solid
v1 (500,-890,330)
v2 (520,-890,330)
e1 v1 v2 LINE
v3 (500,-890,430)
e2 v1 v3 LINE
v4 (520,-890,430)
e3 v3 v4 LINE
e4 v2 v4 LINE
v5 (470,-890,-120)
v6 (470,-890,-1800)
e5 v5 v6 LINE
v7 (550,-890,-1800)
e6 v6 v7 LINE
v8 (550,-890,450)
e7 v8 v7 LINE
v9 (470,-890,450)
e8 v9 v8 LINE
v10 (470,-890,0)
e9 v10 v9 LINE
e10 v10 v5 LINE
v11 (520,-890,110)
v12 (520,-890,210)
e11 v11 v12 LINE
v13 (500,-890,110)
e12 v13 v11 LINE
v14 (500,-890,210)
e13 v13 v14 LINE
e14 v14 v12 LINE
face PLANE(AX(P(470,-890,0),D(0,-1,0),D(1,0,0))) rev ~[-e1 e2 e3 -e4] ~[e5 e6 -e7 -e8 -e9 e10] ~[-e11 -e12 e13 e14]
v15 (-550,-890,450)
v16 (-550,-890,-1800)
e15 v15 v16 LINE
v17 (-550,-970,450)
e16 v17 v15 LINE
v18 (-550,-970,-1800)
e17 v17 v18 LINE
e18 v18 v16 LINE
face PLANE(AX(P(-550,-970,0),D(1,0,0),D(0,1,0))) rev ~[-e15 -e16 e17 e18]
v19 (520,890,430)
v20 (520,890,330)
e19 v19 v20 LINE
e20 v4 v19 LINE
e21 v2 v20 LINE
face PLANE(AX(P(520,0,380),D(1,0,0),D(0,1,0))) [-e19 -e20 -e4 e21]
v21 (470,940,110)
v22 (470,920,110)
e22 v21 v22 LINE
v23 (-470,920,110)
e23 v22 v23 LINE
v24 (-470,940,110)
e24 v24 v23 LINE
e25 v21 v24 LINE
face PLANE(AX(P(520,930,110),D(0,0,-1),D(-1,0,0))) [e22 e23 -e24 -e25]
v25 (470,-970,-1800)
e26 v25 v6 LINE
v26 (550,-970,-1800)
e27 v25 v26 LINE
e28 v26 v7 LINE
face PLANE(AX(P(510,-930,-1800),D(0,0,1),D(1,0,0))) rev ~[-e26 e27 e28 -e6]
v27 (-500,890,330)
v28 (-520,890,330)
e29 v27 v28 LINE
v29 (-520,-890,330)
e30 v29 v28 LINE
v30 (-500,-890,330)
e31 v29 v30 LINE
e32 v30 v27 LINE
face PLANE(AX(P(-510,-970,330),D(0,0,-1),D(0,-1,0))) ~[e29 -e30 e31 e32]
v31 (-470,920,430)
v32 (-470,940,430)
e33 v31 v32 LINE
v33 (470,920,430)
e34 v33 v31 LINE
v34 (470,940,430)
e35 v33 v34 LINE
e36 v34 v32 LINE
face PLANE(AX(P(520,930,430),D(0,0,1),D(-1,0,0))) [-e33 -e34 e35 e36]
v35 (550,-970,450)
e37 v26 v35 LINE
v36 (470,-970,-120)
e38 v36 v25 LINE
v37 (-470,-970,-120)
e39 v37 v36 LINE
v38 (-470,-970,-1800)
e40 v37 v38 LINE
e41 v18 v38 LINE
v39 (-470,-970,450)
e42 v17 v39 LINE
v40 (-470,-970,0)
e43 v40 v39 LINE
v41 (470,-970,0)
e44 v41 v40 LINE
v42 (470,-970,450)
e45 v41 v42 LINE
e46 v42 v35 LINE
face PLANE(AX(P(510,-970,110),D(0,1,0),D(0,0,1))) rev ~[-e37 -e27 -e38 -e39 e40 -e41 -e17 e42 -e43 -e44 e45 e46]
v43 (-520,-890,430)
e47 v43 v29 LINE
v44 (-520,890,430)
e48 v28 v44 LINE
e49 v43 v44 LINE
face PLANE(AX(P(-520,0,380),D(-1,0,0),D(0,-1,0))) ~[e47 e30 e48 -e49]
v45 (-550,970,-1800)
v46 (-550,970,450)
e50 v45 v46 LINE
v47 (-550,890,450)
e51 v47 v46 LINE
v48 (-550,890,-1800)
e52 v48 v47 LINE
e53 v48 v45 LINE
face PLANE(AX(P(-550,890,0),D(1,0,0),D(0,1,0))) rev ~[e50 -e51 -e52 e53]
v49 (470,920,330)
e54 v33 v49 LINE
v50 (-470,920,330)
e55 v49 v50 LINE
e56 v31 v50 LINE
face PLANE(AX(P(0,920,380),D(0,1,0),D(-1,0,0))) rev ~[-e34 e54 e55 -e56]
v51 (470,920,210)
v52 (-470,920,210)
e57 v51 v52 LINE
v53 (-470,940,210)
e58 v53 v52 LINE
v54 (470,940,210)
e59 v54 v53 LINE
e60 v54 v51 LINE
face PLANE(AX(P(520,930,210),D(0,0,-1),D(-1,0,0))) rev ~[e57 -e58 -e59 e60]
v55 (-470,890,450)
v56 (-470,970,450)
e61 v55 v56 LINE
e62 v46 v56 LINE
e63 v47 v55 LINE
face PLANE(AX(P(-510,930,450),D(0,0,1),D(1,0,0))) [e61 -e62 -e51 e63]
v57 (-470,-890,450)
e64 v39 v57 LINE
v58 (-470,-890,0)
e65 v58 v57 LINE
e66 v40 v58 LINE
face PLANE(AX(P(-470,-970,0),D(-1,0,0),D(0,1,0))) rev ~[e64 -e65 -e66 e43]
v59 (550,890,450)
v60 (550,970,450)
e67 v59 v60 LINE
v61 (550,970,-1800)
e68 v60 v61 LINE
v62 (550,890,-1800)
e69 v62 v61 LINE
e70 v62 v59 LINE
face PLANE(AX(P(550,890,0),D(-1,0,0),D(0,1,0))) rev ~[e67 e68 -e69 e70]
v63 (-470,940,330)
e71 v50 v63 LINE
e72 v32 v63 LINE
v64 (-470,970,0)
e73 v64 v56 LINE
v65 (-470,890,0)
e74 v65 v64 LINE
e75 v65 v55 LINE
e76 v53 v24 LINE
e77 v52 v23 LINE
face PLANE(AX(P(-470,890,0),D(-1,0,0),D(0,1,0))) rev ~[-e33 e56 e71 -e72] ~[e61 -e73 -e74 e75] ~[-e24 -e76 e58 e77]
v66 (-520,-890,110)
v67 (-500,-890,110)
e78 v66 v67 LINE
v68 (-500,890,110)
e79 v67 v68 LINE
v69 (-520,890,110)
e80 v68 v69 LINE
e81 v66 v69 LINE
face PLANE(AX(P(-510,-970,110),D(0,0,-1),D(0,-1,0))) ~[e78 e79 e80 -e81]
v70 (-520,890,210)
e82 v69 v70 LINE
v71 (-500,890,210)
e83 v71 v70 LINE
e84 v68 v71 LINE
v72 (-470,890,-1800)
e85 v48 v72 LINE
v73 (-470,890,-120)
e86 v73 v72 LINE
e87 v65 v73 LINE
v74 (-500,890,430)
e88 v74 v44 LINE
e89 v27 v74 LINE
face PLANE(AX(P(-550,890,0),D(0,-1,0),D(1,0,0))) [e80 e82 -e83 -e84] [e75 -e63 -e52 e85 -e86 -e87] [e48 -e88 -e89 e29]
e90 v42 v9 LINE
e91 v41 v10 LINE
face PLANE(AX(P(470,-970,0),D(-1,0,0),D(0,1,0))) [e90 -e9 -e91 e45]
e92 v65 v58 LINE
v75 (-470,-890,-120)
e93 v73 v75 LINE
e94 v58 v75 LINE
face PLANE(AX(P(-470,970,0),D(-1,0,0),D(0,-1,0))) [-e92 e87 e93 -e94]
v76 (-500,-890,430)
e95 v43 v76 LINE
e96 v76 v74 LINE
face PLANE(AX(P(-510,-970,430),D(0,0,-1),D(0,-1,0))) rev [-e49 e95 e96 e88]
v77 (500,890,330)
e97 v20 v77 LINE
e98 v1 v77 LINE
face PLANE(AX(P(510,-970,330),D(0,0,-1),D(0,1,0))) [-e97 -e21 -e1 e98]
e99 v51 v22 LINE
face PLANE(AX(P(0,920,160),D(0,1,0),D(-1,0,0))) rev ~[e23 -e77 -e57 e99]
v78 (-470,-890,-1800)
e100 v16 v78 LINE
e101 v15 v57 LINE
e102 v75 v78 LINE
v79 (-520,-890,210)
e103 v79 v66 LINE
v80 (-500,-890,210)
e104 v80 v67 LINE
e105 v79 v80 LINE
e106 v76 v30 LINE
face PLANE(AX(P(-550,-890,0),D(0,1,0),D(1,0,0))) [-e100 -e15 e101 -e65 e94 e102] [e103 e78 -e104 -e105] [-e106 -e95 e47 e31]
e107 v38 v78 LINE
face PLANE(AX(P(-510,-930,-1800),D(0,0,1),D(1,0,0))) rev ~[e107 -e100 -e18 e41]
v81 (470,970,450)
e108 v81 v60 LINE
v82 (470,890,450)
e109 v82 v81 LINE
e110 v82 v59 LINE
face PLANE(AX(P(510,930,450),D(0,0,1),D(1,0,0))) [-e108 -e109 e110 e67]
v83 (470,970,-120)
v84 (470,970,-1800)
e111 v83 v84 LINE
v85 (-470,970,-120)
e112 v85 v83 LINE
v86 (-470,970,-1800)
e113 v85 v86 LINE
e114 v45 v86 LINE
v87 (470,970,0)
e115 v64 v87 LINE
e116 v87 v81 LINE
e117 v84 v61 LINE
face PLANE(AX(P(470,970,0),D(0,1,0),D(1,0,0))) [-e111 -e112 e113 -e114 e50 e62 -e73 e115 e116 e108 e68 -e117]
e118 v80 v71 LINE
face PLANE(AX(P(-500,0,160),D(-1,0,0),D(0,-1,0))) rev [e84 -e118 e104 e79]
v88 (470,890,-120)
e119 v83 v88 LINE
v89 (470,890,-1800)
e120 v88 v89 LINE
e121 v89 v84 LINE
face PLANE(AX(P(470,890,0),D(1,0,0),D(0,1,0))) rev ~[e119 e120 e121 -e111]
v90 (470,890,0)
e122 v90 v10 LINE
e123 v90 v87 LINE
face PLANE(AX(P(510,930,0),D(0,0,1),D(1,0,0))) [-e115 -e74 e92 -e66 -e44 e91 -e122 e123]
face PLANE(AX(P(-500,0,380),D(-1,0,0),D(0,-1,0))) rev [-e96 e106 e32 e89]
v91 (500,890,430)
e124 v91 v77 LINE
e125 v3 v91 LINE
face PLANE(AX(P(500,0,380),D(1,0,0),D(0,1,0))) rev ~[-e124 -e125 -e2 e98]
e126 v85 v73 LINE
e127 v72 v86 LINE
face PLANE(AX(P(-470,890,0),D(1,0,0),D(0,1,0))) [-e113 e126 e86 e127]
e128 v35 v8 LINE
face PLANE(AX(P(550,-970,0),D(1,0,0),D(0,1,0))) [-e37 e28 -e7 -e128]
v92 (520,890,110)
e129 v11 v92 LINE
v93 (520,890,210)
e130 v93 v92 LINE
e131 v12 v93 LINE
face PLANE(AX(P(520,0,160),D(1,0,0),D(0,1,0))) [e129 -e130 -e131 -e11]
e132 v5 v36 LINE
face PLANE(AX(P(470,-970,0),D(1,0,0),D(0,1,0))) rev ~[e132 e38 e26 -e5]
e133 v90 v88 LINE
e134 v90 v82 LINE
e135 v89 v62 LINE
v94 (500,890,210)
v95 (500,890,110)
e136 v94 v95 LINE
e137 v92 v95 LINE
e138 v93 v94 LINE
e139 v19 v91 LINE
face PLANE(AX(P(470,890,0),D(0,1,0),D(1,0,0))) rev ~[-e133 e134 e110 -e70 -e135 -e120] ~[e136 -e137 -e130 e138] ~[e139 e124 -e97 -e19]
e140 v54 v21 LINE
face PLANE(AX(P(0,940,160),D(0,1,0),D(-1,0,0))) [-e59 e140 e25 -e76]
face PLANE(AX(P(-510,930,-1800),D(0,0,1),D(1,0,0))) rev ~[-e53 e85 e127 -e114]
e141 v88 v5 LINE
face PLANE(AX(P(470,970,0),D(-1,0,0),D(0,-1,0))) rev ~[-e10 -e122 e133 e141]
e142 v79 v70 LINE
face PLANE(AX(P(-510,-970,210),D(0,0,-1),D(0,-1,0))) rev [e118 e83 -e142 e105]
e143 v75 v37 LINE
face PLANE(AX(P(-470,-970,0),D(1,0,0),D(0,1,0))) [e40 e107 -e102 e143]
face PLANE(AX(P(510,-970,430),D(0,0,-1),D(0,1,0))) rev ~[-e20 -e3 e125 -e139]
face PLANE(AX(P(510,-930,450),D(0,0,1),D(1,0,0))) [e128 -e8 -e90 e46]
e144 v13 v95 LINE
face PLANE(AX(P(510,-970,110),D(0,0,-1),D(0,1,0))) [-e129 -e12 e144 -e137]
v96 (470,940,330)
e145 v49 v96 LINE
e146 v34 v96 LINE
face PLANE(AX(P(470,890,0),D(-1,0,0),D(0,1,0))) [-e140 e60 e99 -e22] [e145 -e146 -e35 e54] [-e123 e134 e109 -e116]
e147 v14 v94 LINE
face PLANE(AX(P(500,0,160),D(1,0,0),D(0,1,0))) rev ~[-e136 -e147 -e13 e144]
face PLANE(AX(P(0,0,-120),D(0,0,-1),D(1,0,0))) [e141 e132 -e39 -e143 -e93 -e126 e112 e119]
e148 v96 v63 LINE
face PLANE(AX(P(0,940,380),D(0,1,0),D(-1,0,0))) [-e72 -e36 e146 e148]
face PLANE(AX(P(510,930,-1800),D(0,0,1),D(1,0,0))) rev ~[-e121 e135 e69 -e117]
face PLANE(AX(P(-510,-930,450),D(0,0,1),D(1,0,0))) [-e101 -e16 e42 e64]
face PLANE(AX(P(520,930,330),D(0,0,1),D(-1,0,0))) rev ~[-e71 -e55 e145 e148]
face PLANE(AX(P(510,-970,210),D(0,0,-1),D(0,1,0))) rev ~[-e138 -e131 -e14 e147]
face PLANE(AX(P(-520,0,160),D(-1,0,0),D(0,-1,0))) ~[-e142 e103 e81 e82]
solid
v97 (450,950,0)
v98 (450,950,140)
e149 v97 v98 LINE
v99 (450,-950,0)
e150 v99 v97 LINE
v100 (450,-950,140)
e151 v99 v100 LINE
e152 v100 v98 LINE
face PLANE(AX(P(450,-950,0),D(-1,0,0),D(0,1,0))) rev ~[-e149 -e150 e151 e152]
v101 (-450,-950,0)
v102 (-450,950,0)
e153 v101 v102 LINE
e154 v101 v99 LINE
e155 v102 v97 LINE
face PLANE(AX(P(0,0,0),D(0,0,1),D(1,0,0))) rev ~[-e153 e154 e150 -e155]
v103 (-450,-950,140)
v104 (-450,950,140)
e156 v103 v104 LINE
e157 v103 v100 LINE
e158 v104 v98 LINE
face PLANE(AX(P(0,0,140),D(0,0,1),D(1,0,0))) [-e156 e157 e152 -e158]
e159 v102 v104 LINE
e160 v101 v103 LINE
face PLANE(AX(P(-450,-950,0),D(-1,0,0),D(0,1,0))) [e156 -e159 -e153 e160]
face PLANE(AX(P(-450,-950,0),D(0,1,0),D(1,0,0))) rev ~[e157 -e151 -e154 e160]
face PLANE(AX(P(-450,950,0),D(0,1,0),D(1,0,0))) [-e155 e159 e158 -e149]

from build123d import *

# Parameters (mm, degrees)
F0_W      = 900
F0_H      = 1900
F1_DEPTH  = 140
F2_W      = 940
F2_H      = 1940
F3_DEPTH  = 120
F4_W      = 80
F4_H      = 80
F5_DEPTH  = 1800
F6_DEPTH  = 450
F8_W      = 1940
F8_H      = 100
F9_DEPTH  = 10
F12_W     = 1040
F12_H     = 100
F13_DEPTH = 10


with BuildPart() as f1:
    # F0 (on Top) → F1 (new body)
    with BuildSketch(Plane.XY):
        Rectangle(F0_W, F0_H)
    extrude(amount=F1_DEPTH)


with BuildPart() as f3:
    # F2 (on face) → F3 (new body)
    with BuildSketch(Plane(origin=(0, 0, 0), x_dir=(1, 0, 0), z_dir=(0, 0, -1))):
        Rectangle(F2_W, F2_H)
    extrude(amount=F3_DEPTH)

    # F4 (on face) → F5 (join)
    with BuildSketch(Plane.XY):
        with Locations((510, 930)):
            Rectangle(F4_W, F4_H)
        with Locations((510, -930)):
            Rectangle(F4_W, F4_H)
        with Locations((-510, 930)):
            Rectangle(F4_W, F4_H)
        with Locations((-510, -930)):
            Rectangle(F4_W, F4_H)
    extrude(amount=-F5_DEPTH)

    # F4 (on face) → F6 (join)
    with BuildSketch(Plane.XY):
        with Locations((510, 930)):
            Rectangle(F4_W, F4_H)
        with Locations((510, -930)):
            Rectangle(F4_W, F4_H)
        with Locations((-510, 930)):
            Rectangle(F4_W, F4_H)
        with Locations((-510, -930)):
            Rectangle(F4_W, F4_H)
    extrude(amount=F6_DEPTH)

    # F10: F9b, F9 across plane


with BuildPart() as f9:
    # F8 (on mid) → F9 (new body, symmetric)
    with BuildSketch(Plane.YZ.offset(510)):
        with Locations((0, 380)):
            Rectangle(F8_W, F8_H)
    extrude(amount=F9_DEPTH, both=True)


with BuildPart() as f9b:
    # F8 (on mid) → F9, piece 2 (new body, symmetric)
    with BuildSketch(Plane.YZ.offset(510)):
        with Locations((0, 160)):
            Rectangle(F8_W, F8_H)
    extrude(amount=F9_DEPTH, both=True)


with BuildPart() as f3_1:
    add(f3.part)
    add(f9b.part.mirror(Plane.YZ))
    add(f9.part.mirror(Plane.YZ))


    add(f9.part)  # F13 merges F9

    add(f9b.part)  # F13 merges F9b
    # F12 (on mid) → F13 (join, symmetric)
    with BuildSketch(Plane(origin=(0, 930, 0), x_dir=(-1, 0, 0), z_dir=(0, 1, 0))):
        with Locations((0, 380)):
            Rectangle(F12_W, F12_H)
        with Locations((0, 160)):
            Rectangle(F12_W, F12_H)
    extrude(amount=F13_DEPTH, both=True)


solid = Compound([f1.part, f3_1.part])
